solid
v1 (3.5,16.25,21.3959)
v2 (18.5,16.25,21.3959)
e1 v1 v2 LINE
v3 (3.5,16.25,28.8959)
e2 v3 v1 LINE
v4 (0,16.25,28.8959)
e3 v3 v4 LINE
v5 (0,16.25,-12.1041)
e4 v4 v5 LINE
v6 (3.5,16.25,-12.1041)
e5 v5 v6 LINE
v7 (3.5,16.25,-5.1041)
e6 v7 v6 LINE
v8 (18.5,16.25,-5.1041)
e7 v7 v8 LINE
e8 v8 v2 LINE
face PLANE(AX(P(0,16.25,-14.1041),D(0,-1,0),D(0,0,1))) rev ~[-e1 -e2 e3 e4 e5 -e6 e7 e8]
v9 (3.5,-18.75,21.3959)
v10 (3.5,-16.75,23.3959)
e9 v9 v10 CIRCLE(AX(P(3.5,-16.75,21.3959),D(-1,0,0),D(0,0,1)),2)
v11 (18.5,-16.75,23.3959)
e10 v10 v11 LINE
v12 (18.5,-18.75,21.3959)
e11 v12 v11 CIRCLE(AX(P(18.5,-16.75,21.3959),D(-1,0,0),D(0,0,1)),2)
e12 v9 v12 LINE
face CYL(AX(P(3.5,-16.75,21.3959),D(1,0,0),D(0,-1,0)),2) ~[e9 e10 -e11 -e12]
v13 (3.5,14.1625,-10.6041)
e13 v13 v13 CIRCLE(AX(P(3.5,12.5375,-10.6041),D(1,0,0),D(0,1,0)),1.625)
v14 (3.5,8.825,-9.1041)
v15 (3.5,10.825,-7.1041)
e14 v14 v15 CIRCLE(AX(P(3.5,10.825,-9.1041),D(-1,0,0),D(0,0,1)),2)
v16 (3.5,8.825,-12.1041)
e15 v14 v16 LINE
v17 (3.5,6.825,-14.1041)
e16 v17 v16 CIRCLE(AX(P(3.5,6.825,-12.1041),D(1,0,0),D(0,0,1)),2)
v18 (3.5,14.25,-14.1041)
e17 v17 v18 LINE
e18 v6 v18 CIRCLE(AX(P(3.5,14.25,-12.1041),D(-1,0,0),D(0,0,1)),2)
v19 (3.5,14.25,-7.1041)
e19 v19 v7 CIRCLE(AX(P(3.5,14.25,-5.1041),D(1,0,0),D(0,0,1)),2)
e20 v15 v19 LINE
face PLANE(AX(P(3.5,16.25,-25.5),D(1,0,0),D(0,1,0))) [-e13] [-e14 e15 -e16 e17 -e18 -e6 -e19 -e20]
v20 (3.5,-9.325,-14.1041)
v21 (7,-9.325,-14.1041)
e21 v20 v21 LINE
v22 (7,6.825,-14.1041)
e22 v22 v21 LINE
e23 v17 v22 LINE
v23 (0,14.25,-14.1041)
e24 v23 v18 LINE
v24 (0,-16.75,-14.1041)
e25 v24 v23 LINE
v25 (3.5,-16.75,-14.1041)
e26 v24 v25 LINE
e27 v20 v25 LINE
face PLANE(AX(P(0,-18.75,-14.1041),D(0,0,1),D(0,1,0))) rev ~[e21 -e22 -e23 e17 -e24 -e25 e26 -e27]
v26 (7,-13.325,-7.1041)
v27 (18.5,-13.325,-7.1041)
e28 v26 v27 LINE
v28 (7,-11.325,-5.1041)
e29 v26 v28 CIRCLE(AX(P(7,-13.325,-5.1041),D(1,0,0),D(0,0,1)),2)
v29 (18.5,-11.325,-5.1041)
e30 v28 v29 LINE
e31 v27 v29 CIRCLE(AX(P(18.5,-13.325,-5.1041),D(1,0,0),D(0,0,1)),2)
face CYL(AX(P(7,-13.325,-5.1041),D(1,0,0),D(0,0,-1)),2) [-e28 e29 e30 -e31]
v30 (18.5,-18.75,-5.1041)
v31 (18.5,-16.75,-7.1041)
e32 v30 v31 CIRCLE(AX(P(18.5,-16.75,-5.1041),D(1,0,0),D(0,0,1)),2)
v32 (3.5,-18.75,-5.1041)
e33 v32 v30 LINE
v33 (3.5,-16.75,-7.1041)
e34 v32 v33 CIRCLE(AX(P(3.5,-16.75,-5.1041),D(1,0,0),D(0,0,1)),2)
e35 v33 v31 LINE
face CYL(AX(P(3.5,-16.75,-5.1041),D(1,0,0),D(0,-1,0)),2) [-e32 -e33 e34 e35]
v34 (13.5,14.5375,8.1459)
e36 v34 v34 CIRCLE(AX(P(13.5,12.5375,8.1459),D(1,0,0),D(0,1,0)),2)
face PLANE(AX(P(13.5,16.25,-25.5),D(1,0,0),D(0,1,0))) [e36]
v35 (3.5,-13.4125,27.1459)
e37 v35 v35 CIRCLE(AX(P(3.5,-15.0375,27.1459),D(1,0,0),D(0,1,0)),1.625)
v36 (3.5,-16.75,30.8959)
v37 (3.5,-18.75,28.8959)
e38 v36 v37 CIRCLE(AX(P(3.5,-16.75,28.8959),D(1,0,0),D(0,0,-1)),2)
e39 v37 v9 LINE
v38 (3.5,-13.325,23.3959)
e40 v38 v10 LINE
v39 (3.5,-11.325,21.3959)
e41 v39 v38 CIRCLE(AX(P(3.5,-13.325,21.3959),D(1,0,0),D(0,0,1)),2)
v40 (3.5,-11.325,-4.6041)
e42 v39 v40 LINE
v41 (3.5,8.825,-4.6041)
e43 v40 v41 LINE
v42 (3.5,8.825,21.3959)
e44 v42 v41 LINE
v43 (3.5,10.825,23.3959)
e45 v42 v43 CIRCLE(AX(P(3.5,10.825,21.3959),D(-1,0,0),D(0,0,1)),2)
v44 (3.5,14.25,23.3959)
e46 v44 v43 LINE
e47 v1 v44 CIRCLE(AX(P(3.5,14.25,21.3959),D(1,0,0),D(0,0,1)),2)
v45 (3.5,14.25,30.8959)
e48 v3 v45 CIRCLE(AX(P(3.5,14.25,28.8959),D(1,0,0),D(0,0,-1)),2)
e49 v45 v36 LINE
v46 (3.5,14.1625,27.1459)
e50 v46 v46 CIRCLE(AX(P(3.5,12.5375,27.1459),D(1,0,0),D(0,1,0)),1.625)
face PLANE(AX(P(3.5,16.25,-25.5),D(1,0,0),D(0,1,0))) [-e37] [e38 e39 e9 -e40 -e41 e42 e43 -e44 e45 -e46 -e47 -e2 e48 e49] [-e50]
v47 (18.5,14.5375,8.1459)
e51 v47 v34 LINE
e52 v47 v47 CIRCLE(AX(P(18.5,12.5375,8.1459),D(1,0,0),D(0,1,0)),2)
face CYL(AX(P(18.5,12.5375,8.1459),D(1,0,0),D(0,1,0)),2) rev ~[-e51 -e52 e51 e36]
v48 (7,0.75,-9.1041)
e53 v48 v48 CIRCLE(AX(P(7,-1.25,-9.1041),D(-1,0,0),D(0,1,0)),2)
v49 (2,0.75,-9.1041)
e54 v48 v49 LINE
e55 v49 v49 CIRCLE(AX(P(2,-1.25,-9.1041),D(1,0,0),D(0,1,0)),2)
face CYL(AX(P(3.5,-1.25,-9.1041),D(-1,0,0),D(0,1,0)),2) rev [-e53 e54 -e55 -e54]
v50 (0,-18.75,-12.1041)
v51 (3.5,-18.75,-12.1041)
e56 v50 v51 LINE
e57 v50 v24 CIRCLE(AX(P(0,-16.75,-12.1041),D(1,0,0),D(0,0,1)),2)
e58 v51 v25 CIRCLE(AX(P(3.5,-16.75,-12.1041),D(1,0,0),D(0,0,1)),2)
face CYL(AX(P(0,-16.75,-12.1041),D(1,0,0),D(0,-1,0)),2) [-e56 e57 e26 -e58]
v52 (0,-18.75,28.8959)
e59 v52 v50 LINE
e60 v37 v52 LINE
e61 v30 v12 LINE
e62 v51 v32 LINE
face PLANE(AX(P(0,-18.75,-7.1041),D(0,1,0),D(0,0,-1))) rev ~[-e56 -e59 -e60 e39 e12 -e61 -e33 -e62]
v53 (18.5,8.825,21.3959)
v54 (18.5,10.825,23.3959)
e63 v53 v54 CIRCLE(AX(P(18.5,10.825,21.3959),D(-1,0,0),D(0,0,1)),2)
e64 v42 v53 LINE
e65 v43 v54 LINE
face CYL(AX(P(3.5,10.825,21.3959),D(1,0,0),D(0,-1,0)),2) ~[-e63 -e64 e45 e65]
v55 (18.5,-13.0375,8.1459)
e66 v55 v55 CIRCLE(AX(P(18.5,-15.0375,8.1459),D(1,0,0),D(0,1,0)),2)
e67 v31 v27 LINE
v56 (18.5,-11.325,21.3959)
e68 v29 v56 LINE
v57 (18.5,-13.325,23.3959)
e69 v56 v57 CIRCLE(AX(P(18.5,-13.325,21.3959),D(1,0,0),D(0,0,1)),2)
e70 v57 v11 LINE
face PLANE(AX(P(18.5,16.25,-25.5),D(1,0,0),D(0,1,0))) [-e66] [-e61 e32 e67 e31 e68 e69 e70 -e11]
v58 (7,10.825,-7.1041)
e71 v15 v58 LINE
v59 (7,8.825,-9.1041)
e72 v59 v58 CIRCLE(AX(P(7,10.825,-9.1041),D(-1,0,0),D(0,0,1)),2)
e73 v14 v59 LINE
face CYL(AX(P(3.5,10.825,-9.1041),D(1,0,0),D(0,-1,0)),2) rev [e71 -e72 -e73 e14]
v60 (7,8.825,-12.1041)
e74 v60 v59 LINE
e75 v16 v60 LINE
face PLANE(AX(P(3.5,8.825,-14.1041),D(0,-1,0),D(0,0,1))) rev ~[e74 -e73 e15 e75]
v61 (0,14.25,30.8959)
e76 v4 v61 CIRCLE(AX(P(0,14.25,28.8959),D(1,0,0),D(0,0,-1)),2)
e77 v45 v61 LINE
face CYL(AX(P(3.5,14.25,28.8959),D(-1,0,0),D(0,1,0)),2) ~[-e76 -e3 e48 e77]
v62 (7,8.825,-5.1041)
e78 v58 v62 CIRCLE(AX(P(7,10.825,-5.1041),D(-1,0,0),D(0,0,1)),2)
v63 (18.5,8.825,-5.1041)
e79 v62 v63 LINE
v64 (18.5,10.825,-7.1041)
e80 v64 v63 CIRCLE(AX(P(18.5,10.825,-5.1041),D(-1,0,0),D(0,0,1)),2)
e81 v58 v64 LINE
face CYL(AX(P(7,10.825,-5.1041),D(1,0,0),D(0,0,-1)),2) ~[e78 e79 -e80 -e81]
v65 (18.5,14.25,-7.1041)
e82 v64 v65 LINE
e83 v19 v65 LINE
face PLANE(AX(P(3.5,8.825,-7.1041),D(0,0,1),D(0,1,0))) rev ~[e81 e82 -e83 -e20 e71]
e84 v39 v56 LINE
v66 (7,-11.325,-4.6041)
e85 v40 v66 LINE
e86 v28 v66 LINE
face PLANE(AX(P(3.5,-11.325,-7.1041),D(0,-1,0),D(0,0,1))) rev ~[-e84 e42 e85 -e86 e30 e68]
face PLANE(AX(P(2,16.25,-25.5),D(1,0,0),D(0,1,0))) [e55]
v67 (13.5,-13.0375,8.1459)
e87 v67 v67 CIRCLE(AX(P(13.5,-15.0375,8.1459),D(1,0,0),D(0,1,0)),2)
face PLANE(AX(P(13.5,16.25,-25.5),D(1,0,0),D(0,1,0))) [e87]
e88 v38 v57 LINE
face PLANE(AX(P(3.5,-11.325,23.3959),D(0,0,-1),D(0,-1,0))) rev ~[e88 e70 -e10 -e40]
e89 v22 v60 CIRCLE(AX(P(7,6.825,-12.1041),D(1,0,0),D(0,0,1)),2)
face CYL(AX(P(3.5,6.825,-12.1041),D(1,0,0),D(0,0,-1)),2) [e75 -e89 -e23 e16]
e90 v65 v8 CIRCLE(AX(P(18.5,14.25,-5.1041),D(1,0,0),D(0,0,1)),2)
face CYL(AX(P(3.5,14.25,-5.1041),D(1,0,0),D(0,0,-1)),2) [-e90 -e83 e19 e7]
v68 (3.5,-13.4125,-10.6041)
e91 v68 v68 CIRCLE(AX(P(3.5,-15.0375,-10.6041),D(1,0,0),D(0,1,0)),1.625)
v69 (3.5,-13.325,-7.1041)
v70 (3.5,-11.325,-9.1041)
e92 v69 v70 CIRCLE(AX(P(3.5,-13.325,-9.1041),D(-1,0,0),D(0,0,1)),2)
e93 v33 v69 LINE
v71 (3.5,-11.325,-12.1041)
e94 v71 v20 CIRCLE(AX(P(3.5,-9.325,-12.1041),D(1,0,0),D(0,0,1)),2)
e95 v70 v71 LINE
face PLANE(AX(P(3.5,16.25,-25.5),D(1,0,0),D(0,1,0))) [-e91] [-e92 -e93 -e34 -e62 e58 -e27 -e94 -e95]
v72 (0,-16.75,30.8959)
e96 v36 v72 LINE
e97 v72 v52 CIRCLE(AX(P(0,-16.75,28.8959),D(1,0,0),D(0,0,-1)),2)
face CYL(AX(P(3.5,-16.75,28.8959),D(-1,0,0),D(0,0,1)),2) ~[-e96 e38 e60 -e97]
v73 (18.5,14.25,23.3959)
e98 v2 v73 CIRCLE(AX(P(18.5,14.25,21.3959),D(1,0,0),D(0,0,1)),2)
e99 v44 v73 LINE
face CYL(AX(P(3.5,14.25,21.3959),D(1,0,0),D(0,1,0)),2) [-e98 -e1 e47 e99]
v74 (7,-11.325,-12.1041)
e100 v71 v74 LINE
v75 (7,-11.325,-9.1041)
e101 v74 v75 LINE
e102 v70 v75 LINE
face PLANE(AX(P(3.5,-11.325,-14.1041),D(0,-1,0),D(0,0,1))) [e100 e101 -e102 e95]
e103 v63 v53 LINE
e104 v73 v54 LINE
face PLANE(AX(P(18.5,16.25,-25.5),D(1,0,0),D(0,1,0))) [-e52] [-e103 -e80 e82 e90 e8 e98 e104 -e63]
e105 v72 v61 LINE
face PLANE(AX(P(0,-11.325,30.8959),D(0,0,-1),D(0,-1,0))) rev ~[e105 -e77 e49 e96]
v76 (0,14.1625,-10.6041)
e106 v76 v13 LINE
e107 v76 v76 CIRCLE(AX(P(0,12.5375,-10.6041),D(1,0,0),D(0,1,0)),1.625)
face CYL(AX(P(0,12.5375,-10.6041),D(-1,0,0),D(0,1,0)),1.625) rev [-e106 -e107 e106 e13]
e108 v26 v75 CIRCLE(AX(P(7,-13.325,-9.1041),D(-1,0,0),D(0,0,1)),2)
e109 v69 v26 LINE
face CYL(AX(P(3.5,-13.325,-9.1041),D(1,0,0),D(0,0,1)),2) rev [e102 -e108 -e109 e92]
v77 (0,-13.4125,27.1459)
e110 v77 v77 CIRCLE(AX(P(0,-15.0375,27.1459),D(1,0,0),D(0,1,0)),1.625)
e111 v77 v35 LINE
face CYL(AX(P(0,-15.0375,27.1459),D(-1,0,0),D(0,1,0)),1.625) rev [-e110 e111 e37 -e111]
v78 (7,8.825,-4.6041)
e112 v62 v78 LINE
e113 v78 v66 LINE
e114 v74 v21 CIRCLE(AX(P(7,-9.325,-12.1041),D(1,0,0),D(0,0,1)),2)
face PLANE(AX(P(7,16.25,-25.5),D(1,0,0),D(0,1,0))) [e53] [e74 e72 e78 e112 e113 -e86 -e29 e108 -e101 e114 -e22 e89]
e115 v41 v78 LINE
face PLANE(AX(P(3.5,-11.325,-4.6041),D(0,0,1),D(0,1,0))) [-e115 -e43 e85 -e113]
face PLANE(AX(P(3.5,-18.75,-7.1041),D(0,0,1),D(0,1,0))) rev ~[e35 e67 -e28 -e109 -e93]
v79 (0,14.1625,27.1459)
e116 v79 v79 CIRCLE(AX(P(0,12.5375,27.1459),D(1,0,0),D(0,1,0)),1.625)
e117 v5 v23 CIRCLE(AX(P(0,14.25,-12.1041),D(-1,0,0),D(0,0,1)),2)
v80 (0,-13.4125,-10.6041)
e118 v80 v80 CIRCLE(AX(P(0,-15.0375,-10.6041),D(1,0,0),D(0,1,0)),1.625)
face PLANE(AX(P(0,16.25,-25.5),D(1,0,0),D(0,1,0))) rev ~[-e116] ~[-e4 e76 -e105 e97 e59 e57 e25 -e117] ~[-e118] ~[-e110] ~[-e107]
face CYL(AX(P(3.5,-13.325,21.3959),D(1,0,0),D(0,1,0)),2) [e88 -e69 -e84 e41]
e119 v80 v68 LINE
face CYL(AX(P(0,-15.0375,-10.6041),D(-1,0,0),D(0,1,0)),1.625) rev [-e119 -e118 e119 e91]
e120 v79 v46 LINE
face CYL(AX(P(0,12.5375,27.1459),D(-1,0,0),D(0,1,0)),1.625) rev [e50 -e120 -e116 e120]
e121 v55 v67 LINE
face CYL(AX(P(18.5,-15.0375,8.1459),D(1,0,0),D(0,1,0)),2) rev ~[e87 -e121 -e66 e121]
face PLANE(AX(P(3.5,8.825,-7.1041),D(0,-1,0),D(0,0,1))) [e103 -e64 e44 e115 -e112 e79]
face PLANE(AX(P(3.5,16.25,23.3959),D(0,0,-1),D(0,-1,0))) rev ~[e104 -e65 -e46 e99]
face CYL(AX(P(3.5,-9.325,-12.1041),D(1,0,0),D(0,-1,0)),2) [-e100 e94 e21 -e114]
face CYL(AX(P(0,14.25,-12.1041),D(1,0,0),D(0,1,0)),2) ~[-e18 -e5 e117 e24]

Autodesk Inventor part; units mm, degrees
ref_plane "YZ Plane" through (0, 0, 0) normal (1, 0, 0) x (0, 1, 0)
ref_plane "XZ Plane" through (0, 0, 0) normal (0, 1, 0) x (-1, 0, 0)
ref_plane "XY Plane" through (0, 0, 0) normal (0, 0, 1) x (1, 0, 0)
sketch "Sketch1" plane through (0, 16.25, -25.5) normal (1, 0, 0) x (0, 1, 0)
  line L0 (-35, 11.3959) -> (0, 11.3959)
  line L1 (0, 11.3959) -> (0, 48.8959)
  line L2 (0, 48.8959) -> (-35, 48.8959)
  line L3 (-35, 48.8959) -> (-35, 11.3959)
  line L4 (-17.5, 1.3959) -> (0, 1.3959)
  line L5 (-35, 48.8959) -> (0, 11.3959) construction
  line L6 (-35, 11.3959) -> (0, 48.8959) construction
  line L7 (-17.5, 53) -> (-17.5, 1.3959)
  circle A0 centre (-17.5, 16.3959) radius 2
  line L8 (-35, 30.1459) -> (0, 30.1459)
  line L9 (0, 30.1459) -> (0, 48.8959)
  line L10 (0, 48.8959) -> (-35, 48.8959)
  line L11 (-35, 48.8959) -> (-35, 30.1459)
  line L12 (-35, 11.3959) -> (-27.575, 11.3959)
  line L13 (-27.575, 11.3959) -> (-27.575, 48.8959)
  line L14 (-27.575, 48.8959) -> (-35, 48.8959)
  line L15 (-35, 48.8959) -> (-35, 11.3959)
  line L16 (0, 11.3959) -> (-7.425, 11.3959)
  line L17 (-7.425, 11.3959) -> (-7.425, 48.8959)
  line L18 (-7.425, 48.8959) -> (0, 48.8959)
  line L19 (0, 48.8959) -> (0, 11.3959)
  line L20 (0, 1.3959) -> (0, 49)
  line L21 (0, 31.3959) -> (0, 11.3959)
  line L22 (0, 11.3959) -> (0, 11.3959)
  line L23 (0, 11.3959) -> (0, 48.8959)
  line L24 (-35, 20.8959) -> (0, 20.8959)
  line L25 (-35, 18.3959) -> (-27.575, 18.3959)
  line L26 (-7.425, 18.3959) -> (0, 18.3959)
  line L27 (-35, 18.3959) -> (-27.575, 11.3959) construction
  line L28 (-35, 11.3959) -> (-27.575, 18.3959) construction
  circle A1 centre (-31.2875, 14.8959) radius 1.625
  line L29 (-7.425, 11.3959) -> (0, 18.3959) construction
  line L30 (0, 11.3959) -> (-7.425, 18.3959) construction
  circle A2 centre (-3.7125, 14.8959) radius 1.625
  line L31 (-35, 48.8959) -> (-27.575, 48.8959)
  line L32 (-27.575, 48.8959) -> (-27.575, 56.3959)
  line L33 (-27.575, 56.3959) -> (-35, 56.3959)
  line L34 (-35, 56.3959) -> (-35, 48.8959)
  line L35 (0, 48.8959) -> (-7.425, 48.8959)
  line L36 (-7.425, 48.8959) -> (-7.425, 56.3959)
  line L37 (-7.425, 56.3959) -> (0, 56.3959)
  line L38 (0, 56.3959) -> (0, 48.8959)
  line L39 (-35, 48.8959) -> (-27.575, 56.3959) construction
  line L40 (-35, 56.3959) -> (-27.575, 48.8959) construction
  line L41 (-7.425, 48.8959) -> (0, 56.3959) construction
  line L42 (-7.425, 56.3959) -> (0, 48.8959) construction
  circle A3 centre (-3.7125, 52.6459) radius 1.625
  circle A4 centre (-31.2875, 52.6459) radius 1.625
  circle A5 centre (-31.2875, 33.6459) radius 2
  circle A6 centre (-3.7125, 33.6459) radius 2
  line L43 (-27.575, 18.3959) -> (-35, 48.8959) construction
  line L44 (-35, 18.3959) -> (-27.575, 48.8959) construction
  line L45 (-27.575, 48.8959) -> (-7.425, 48.8959)
  line L46 (-7.425, 48.8959) -> (-7.425, 56.3959)
  line L47 (-7.425, 56.3959) -> (-27.575, 56.3959)
  line L48 (-27.575, 56.3959) -> (-27.575, 48.8959)
  point P0 (-17.5, 48.8959)
  point P1 (-17.5, 30.1459)
  point P2 (-1.25, 11.3959)
  point P3 (-27.575, 48.8959)
  point P4 (-27.575, 30.1459)
  point P5 (-7.425, 30.1459)
  point P6 (-7.425, 48.8959)
  point P7 (-7.425, 11.3959)
  point P8 (-27.575, 11.3959)
  point P9 (-17.5, 48.8959)
  point P10 (-17.5, 11.3959)
  point P11 (-1.25, 11.3959)
  point P12 (-7.425, 20.8959)
  point P13 (-27.575, 20.8959)
  point P14 (0, 20.8959)
  point P15 (-35, 20.8959)
  point P16 (-35, 18.3959)
  point P17 (0, 18.3959)
  point P18 (0, 48.8959)
  point P19 (-7.425, 48.8959)
  point P20 (0, 48.8959)
  point P21 (-3.7125, 14.8959)
  point P22 (-27.575, 48.8959)
  point P23 (-7.425, 48.8959)
  point P24 (0, 11.3959)
  point P25 (0, 48.8959)
  dimension "d5" = 37.5
  dimension "d3" = 10
  dimension "d4" = 35
  dimension "d2" = 4
  dimension "d18" = 5
  dimension "d19" = 4.5
  dimension "d20" = 2.5
  dimension "d21" = 3.25
  dimension "d23" = 7.5
  dimension "d24" = 4
  dimension "d25" = 4
  dimension "d29" = 7.5
  dimension "d30" = 20.15
extrude "Extrusion1" add sketch "Sketch1" along normal blind 2 contours L3 L25 L13 L0 | L13 L24 L7 A0 L0 | L3 L24 L13 L25 | L7 A0 L24 L17 L0 | L3 L8 L13 L24 | L17 L26 L1 L0 | A0 L7 | L7 A0 | L13 L8 L7 L24 | L3 L2 L13 L8 | L17 L24 L1 L26 | L13 L2 L7 L8 | L7 L8 L17 L24 | L34 L33 L32 L2 | L17 L8 L1 L24 | L7 L2 L17 L8 | L32 L47 L36 L2 | L17 L2 L1 L8 | L36 L37 L38 L20 L2 | A5 | A6
extrude "Extrusion2" add sketch "Sketch1" along normal blind 1.5 from surface at 2 contours L3 L25 L13 L0 | L13 L24 L7 A0 L0 | L3 L24 L13 L25 | L7 A0 L24 L17 L0 | L3 L8 L13 L24 | L17 L26 L1 L0 | L13 L8 L7 L24 | L3 L2 L13 L8 | L17 L24 L1 L26 | L13 L2 L7 L8 | L7 L8 L17 L24 | L34 L33 L32 L2 | L17 L8 L1 L24 | L7 L2 L17 L8 | L32 L47 L36 L2 | L17 L2 L1 L8 | L36 L37 L38 L20 L2 | A5 | A6
extrude "Extrusion3" add sketch "Sketch1" along normal blind 3.5 from surface at 3.5 contours L13 L24 L7 A0 L0 | L7 A0 L24 L17 L0
extrude "Extrusion4" add sketch "Sketch1" along normal blind 15 from surface at 3.5 contours L3 L24 L13 L25 | L3 L8 L13 L24 | L3 L2 L13 L8 | L17 L24 L1 L26 | L17 L8 L1 L24 | L17 L2 L1 L8 | A5 | A6
fillet "Fillet1" radius 2 16 edges at (1.75, -18.75, -14.1041) (11, -18.75, -7.1041) (5.25, -11.325, -7.1041) (12.75, -11.325, -7.1041) (5.25, -11.325, -14.1041) (5.25, 8.825, -14.1041) (5.25, 8.825, -7.1041) (12.75, 8.825, -7.1041) (11, 16.25, -7.1041) (11, -11.325, 23.3959) (11, 8.825, 23.3959) (1.75, -18.75, 30.8959) (11, -18.75, 23.3959) (11, 16.25, 23.3959) (1.75, 16.25, 30.8959) (1.75, 16.25, -14.1041)
extrude "Extrusion5" cut sketch "Sketch1" against normal blind 5 from surface at 18.5 contours A5 | A6
properties part number "MotorMount"
